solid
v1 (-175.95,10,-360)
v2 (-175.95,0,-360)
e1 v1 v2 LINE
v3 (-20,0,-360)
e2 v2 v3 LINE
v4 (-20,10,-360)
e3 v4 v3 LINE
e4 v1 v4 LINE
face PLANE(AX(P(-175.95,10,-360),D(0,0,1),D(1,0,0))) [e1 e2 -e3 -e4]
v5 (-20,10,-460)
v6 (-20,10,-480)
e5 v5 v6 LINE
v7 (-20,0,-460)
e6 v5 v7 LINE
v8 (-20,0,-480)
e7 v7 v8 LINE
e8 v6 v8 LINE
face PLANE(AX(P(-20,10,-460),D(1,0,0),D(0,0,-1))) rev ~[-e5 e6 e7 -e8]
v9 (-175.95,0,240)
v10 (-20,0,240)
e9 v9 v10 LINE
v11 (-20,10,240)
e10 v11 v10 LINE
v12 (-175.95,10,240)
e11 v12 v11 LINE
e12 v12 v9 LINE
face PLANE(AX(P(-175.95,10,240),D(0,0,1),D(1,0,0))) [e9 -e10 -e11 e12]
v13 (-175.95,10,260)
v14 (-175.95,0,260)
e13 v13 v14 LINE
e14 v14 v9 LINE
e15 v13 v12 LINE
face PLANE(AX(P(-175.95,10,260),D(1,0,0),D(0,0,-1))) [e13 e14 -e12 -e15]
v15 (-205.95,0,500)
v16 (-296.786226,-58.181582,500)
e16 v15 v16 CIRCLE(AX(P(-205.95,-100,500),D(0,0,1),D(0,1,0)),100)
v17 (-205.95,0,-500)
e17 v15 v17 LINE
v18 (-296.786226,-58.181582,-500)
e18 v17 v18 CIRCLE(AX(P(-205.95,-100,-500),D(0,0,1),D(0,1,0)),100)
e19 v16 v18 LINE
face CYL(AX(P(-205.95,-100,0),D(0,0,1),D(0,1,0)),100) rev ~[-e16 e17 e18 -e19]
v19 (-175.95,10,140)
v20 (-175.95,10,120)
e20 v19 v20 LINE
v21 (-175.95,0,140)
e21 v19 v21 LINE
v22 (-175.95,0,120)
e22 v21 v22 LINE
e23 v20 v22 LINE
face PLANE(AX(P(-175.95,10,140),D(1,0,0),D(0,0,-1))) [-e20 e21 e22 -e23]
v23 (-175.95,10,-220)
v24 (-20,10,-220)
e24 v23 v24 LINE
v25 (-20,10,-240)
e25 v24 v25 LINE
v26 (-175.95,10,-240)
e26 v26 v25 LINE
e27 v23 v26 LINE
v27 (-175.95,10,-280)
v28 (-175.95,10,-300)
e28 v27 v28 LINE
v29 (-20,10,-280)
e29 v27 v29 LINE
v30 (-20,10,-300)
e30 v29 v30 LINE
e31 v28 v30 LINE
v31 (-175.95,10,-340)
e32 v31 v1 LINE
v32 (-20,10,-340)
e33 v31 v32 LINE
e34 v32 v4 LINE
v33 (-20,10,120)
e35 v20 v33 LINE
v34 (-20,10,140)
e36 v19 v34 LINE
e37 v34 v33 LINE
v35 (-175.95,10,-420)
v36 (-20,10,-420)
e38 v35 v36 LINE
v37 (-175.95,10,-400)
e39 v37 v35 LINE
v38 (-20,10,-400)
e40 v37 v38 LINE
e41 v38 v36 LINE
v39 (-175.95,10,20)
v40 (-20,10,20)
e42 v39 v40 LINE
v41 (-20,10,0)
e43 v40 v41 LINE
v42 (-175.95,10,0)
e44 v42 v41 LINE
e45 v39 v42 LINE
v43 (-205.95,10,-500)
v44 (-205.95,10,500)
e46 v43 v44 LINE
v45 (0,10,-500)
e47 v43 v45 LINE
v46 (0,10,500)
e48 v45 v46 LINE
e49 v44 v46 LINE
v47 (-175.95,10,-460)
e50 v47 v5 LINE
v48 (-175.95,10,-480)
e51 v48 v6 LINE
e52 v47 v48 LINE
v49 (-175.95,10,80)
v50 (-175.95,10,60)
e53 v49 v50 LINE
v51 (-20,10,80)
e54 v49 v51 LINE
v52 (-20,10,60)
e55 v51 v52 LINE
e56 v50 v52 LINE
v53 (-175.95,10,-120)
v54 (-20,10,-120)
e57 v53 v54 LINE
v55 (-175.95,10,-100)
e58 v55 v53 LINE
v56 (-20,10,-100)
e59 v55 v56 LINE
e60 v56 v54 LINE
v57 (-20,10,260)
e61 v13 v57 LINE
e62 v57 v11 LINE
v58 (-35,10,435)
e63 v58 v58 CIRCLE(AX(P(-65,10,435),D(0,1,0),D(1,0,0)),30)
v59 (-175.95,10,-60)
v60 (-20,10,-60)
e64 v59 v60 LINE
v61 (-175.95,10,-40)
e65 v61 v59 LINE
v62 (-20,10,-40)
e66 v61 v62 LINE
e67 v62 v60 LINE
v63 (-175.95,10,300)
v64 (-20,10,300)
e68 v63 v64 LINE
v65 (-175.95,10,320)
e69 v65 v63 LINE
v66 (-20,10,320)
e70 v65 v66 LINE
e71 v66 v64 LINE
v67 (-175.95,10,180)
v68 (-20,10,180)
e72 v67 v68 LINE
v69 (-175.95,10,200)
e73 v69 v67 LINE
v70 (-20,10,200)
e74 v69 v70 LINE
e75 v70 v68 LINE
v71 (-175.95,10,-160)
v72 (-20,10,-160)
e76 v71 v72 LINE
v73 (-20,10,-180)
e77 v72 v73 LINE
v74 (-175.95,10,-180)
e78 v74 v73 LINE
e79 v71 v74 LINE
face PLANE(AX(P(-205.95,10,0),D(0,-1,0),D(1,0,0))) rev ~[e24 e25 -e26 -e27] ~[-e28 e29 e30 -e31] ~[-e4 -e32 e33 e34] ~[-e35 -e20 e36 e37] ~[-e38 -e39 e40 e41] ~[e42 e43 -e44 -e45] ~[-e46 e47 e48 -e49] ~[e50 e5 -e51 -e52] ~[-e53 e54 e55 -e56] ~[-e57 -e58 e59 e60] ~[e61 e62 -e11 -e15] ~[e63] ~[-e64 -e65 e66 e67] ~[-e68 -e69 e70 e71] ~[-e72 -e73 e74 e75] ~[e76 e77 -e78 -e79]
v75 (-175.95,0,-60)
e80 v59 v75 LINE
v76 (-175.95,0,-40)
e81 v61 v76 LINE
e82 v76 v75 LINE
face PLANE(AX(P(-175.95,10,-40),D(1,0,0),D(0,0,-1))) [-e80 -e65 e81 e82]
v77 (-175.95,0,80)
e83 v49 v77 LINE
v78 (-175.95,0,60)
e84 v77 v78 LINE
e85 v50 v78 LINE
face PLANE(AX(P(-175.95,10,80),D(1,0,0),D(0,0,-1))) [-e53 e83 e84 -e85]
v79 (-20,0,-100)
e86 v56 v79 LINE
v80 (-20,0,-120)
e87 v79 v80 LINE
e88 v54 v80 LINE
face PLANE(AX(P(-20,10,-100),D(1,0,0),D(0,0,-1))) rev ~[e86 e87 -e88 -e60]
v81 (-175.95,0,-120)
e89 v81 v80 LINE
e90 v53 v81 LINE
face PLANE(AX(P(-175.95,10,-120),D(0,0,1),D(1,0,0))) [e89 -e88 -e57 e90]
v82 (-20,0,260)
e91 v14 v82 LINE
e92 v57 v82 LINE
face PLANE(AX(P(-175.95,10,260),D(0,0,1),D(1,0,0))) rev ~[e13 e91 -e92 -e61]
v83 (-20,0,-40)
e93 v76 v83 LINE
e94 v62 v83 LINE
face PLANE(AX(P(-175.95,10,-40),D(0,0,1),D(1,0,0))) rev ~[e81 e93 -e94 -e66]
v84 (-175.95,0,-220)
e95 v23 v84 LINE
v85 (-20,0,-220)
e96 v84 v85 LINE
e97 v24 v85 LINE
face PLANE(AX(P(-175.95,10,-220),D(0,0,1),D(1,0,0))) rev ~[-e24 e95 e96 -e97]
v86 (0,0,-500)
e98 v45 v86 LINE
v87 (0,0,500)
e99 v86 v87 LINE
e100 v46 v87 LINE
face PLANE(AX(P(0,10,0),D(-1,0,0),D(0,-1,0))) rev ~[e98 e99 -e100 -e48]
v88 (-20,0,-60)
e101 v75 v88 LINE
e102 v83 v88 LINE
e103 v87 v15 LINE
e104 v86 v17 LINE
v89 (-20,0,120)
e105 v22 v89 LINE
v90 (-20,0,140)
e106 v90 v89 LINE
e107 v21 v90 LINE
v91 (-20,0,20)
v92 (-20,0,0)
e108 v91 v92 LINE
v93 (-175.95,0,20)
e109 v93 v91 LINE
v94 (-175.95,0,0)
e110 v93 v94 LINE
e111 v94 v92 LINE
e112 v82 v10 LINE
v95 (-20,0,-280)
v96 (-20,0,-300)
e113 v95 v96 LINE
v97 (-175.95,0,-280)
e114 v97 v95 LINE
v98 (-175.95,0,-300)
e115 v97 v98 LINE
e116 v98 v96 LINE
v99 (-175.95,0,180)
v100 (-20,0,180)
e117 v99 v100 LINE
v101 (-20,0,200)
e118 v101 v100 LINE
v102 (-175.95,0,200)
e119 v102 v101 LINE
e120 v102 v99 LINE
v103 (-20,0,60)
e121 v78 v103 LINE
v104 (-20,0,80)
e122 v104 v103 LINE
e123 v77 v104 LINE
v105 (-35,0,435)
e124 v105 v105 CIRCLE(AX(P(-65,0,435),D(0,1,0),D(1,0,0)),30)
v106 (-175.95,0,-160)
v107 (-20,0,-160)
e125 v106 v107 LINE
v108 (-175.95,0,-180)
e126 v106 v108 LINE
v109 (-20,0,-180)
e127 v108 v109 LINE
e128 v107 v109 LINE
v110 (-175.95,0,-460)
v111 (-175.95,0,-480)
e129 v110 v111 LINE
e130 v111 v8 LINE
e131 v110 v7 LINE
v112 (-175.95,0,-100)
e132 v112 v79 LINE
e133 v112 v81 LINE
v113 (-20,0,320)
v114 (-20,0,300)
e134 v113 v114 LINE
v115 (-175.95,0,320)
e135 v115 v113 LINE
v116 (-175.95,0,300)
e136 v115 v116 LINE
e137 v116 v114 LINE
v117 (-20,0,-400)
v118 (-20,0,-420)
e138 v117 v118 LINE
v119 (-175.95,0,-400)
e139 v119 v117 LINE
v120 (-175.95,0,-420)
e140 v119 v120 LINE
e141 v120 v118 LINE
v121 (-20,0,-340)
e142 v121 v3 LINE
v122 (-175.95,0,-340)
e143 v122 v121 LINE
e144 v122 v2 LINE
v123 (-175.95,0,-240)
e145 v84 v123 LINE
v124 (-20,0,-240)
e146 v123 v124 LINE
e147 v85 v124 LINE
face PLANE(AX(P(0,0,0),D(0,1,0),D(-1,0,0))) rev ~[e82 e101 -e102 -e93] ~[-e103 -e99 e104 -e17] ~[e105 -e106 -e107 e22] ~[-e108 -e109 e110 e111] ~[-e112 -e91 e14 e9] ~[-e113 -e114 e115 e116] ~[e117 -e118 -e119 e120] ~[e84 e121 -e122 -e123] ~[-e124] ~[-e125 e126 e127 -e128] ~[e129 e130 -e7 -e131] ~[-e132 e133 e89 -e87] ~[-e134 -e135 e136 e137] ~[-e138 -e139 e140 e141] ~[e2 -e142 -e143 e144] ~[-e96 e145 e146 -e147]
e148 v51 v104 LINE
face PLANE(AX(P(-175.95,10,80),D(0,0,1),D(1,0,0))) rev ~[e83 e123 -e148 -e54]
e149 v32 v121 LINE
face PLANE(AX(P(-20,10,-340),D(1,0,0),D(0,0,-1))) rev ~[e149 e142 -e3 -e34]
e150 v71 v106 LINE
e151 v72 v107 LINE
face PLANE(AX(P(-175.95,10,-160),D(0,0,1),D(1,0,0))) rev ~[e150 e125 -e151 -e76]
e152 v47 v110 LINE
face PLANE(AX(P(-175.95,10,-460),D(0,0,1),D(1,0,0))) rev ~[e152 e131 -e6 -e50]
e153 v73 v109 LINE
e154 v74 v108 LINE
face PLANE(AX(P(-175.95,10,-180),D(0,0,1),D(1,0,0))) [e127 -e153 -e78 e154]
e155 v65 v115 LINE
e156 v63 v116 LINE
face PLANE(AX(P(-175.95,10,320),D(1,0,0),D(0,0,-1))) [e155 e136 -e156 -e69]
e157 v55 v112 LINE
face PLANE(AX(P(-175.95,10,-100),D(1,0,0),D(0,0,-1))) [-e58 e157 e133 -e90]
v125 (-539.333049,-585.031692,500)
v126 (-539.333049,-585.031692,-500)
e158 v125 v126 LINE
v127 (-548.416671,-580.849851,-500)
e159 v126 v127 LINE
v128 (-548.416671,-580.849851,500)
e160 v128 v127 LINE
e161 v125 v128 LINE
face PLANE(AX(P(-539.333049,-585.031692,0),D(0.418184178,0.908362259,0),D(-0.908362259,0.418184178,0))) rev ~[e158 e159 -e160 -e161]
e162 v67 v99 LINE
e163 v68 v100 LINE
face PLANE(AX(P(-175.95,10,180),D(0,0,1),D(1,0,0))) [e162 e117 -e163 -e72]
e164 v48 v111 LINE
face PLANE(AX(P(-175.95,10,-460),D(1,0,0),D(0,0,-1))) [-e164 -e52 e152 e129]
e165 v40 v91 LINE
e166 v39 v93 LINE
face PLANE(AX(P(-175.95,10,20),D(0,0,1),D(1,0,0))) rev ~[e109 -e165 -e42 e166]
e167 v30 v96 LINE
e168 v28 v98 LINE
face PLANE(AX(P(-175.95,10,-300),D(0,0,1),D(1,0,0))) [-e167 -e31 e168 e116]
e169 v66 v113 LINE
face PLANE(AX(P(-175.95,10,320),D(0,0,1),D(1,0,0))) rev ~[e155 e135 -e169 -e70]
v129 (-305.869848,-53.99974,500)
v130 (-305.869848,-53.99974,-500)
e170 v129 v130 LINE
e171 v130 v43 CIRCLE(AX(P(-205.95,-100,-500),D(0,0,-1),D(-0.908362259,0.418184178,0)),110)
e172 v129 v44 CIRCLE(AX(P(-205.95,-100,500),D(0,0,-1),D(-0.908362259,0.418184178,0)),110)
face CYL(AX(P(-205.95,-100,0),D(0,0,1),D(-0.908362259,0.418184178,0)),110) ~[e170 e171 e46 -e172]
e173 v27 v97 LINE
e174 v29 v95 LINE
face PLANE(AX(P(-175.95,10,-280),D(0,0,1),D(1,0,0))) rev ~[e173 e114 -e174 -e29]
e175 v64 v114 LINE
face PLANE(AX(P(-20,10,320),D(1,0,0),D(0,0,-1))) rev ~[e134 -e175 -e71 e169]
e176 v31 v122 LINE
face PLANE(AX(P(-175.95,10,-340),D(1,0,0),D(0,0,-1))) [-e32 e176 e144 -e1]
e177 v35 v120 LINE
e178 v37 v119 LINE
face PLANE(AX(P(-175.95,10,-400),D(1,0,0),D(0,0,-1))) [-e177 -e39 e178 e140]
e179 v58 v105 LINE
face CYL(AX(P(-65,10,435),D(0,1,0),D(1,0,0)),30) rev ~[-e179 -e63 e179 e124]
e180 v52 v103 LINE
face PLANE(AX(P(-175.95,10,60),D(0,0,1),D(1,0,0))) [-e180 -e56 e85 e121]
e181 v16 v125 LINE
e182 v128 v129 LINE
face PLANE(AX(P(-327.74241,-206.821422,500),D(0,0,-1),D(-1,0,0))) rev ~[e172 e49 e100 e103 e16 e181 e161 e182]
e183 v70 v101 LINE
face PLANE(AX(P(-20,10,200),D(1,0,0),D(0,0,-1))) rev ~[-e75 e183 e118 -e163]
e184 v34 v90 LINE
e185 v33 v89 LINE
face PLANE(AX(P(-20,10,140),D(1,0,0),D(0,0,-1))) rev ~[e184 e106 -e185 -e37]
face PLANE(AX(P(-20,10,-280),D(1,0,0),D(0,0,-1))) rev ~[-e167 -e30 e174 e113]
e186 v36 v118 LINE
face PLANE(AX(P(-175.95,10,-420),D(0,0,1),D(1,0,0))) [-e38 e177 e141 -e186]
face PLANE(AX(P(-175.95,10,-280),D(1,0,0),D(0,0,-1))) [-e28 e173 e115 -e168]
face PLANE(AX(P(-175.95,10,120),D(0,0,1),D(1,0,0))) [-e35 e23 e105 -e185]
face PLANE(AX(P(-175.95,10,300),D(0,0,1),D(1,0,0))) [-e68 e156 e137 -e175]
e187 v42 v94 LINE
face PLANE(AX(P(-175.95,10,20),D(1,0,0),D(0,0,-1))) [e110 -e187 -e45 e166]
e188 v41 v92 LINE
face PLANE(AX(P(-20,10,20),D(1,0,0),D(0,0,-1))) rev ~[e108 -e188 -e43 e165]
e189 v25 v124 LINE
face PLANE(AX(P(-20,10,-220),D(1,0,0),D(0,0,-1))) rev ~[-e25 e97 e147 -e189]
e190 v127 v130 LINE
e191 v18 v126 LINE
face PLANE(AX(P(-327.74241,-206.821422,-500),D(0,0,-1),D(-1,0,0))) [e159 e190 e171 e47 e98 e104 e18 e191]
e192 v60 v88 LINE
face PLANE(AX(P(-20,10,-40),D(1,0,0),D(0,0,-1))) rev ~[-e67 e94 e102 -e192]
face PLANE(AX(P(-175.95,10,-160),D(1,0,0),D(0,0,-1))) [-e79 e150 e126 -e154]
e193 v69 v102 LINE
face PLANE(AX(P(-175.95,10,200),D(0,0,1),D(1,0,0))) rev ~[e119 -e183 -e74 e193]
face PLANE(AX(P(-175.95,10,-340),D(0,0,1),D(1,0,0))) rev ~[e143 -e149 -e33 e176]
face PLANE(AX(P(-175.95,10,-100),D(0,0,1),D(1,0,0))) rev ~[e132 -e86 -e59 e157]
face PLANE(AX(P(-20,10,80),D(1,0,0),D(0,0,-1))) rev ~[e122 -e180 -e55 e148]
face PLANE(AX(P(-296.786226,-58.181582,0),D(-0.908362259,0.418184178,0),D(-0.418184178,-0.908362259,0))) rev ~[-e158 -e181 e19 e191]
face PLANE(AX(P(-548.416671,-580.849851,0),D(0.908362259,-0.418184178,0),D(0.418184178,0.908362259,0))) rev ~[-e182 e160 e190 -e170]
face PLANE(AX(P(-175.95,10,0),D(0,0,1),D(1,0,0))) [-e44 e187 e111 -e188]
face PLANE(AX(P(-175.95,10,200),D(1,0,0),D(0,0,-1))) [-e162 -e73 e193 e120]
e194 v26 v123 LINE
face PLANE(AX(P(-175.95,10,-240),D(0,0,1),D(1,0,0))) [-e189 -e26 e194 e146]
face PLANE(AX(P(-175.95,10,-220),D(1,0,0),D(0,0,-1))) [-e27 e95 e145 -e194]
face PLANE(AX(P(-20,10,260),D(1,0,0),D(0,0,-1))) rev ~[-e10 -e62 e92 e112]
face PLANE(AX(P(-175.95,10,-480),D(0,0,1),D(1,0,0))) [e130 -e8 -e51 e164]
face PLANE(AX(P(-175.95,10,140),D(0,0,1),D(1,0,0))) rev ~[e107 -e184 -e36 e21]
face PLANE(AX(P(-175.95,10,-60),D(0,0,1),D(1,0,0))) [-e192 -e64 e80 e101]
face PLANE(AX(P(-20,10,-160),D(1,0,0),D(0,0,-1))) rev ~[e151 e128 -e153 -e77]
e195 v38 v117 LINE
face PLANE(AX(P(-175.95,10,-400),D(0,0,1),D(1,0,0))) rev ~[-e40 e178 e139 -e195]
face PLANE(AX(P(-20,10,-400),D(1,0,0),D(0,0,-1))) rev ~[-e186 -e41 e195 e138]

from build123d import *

# Parameters (mm, degrees)
EXTRUDE_THIN1_DEPTH = 500
SKETCH2_W           = 155.95
SKETCH2_H           = 20
CUT_EXTRUDE1_DEPTH  = 596.0316925
LPATTERN1_COUNT     = 14
LPATTERN1_PITCH     = 60
SKETCH3_R           = 30
CUT_EXTRUDE2_DEPTH  = 596.0316925


with BuildPart() as part:
    # Sketch1 → Extrude-Thin1 (new body, symmetric)
    with BuildSketch(Plane.XY):
        with BuildLine():
            Line((0, 0), (-205.95, 0))
            ThreePointArc((-205.95, 0), (-259.885879639, -15.792394123), (-296.786225905, -58.181582248))
            Line((-296.786225905, -58.181582248), (-539.333048865, -585.0316925))
            Line((-539.333048865, -585.0316925), (-548.416671455, -580.849850725))
            Line((-548.416671455, -580.849850725), (-305.869848496, -53.999740473))
            ThreePointArc((-305.869848496, -53.999740473), (-265.279467603, -7.371633535), (-205.95, 10))
            Line((-205.95, 10), (0, 10))
            Line((0, 10), (0, 0))
        make_face()
    extrude(amount=EXTRUDE_THIN1_DEPTH, both=True)

    # Sketch2 → Cut-Extrude1 (cut, through all)
    with BuildSketch(Plane(origin=(0, 10, 0), x_dir=(1, 0, 0), z_dir=(0, 1, 0))):
        with Locations((-97.975, 470)):
            Rectangle(SKETCH2_W, SKETCH2_H)
    cut_extrude1 = extrude(amount=-CUT_EXTRUDE1_DEPTH, mode=Mode.SUBTRACT)

    # LPattern1: Cut-Extrude1 ×14
    with Locations(*[(0, 0, i * LPATTERN1_PITCH) for i in range(1, LPATTERN1_COUNT)]):
        add(cut_extrude1, mode=Mode.SUBTRACT)

    # Sketch3 → Cut-Extrude2 (cut, through all)
    with BuildSketch(Plane(origin=(0, 10, 0), x_dir=(1, 0, 0), z_dir=(0, 1, 0))):
        with Locations((-65, -435)):
            Circle(SKETCH3_R)
    extrude(amount=-CUT_EXTRUDE2_DEPTH, mode=Mode.SUBTRACT)


solid = part.part
